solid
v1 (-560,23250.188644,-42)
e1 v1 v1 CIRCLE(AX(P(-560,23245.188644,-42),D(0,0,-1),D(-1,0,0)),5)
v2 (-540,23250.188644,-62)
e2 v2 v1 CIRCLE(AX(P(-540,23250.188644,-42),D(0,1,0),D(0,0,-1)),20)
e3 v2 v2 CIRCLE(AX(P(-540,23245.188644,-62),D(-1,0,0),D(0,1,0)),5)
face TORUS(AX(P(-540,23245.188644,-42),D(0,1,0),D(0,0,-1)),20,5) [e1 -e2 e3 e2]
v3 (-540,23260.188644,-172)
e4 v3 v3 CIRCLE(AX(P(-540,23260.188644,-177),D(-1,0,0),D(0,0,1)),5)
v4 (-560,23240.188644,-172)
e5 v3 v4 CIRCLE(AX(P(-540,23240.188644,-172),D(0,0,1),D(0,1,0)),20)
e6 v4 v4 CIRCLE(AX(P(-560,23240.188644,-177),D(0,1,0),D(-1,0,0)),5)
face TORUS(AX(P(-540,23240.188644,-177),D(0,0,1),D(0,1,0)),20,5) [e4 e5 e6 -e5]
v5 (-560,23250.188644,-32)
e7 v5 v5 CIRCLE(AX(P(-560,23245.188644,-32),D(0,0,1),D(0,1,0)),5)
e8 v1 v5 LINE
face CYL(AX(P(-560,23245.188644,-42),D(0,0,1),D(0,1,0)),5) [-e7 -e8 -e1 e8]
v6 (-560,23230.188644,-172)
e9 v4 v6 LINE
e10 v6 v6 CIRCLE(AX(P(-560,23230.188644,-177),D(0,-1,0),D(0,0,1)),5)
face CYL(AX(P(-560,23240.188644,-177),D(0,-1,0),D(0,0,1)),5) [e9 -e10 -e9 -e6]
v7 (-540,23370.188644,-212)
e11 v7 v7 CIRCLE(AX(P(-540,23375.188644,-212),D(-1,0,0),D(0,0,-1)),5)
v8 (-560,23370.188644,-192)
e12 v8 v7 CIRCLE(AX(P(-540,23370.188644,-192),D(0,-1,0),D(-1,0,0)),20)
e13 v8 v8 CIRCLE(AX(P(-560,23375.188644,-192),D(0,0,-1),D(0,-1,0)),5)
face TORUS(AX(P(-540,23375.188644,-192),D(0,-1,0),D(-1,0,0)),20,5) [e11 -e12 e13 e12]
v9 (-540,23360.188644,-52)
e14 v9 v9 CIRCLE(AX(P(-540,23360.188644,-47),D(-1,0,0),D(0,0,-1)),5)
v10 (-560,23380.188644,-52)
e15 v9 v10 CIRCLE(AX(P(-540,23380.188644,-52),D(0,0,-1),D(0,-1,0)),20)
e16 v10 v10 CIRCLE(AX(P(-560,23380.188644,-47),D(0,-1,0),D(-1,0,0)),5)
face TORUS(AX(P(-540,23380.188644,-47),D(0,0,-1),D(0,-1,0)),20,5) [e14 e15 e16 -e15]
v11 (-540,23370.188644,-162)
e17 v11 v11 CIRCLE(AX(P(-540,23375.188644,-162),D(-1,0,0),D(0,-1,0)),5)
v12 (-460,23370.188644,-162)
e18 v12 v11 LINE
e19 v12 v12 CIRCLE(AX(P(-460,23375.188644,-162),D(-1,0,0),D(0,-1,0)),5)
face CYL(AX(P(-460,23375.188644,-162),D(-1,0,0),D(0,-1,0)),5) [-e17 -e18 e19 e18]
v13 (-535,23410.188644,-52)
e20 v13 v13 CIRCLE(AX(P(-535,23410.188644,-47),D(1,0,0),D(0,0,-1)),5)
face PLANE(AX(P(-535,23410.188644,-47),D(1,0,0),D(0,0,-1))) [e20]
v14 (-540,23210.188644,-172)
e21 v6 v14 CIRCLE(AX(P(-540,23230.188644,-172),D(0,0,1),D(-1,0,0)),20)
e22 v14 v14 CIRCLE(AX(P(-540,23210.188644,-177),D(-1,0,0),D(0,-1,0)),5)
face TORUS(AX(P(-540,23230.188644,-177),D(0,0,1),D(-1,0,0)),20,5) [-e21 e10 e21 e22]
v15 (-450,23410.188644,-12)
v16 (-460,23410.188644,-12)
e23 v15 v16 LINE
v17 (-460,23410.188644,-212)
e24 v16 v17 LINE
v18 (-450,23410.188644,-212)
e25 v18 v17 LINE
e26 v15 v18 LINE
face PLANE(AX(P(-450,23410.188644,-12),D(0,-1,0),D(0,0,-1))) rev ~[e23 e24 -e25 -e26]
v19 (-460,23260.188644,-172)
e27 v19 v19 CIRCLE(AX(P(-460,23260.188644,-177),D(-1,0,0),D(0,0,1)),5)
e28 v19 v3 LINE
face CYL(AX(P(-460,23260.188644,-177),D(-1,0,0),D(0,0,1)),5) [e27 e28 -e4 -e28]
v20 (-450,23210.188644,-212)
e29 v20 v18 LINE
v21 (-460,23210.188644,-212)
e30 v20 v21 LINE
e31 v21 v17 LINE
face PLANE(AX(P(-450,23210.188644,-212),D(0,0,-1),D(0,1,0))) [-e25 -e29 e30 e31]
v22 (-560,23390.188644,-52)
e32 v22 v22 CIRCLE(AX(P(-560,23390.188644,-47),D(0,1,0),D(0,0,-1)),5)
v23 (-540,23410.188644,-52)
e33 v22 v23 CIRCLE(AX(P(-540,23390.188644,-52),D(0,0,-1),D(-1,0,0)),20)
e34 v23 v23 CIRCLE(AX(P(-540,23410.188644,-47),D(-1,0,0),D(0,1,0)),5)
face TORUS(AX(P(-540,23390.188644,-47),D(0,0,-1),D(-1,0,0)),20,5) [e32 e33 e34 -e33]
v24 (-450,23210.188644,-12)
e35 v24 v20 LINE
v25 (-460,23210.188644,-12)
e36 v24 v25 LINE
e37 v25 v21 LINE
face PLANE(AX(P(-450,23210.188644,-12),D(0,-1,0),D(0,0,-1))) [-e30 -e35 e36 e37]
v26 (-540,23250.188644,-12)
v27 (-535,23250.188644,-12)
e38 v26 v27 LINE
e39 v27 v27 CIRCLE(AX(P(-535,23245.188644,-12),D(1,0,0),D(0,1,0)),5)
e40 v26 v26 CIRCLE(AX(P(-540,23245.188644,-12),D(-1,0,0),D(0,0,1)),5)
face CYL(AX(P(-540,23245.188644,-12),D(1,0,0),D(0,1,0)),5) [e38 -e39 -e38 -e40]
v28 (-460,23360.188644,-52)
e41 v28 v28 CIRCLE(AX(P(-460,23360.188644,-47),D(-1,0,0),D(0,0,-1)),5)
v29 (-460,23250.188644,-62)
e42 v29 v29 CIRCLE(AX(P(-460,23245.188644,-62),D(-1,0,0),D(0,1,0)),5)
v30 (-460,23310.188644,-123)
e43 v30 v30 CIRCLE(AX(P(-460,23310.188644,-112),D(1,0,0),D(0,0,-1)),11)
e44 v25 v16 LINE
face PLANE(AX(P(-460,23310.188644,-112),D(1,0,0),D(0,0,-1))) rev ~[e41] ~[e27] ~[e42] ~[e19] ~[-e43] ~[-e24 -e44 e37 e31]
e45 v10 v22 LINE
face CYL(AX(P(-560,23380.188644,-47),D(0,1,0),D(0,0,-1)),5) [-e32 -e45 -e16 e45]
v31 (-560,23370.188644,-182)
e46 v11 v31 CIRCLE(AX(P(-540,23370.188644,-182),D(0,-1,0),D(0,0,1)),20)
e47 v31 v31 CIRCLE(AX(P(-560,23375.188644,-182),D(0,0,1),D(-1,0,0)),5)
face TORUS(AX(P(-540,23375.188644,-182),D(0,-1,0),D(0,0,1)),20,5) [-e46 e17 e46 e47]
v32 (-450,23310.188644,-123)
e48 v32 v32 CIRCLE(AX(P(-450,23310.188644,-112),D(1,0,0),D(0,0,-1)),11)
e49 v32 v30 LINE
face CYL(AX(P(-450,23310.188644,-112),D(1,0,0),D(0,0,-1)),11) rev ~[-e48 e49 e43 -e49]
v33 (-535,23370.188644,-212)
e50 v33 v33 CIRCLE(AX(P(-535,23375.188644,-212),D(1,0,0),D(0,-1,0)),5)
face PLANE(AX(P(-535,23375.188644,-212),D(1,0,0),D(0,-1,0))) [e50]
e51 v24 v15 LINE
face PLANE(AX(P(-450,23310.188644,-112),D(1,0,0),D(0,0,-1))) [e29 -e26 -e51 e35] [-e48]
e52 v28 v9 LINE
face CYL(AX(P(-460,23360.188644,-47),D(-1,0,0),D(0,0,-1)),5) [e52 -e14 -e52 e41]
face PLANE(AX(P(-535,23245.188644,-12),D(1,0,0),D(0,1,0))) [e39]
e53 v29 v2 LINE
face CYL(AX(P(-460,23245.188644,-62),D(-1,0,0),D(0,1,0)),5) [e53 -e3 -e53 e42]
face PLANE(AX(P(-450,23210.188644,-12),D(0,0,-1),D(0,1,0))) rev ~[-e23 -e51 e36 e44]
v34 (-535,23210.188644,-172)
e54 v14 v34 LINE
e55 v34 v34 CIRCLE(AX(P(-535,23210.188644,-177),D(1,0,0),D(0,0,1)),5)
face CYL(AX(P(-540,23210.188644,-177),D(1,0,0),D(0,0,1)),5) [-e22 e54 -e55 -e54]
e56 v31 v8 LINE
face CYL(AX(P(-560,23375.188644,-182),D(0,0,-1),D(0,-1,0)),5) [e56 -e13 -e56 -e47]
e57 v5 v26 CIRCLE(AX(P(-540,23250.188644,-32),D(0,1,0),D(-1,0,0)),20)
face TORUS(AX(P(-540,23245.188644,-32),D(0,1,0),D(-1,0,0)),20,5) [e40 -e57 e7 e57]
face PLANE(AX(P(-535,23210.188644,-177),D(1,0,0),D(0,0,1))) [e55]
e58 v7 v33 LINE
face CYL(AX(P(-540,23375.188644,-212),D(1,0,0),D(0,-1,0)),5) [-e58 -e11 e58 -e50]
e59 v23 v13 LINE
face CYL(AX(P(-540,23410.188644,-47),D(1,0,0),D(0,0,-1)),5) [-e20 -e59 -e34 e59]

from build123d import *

# Parameters (mm, degrees)
SKETCH1_W           = 200
SKETCH1_H           = 200
SKETCH1_R           = 11
BOSS_EXTRUDE1_DEPTH = 10
SKETCH3_R           = 5
CIRPATTERN1_COUNT   = 4


with BuildPart() as part:
    # Sketch1 → Boss-Extrude1 (new body)
    with BuildSketch(Plane(origin=(-450, 0, 0), x_dir=(0, 0, -1), z_dir=(1, 0, 0))):
        with Locations((112, 23310.188643653)):
            Rectangle(SKETCH1_W, SKETCH1_H)
        with Locations((112, 23310.188643653)):
            Circle(SKETCH1_R, mode=Mode.SUBTRACT)
    extrude(amount=-BOSS_EXTRUDE1_DEPTH)

    # Sweep1: sweep along a curve in space
    with BuildLine() as sweep1_path:
        Line((-460, 23260.188643653, -177), (-540, 23260.188643653, -177))
        ThreePointArc((-540, 23260.188643653, -177), (-554.142135624, 23254.330779277, -177), (-560, 23240.188643653, -177))
        Line((-560, 23240.188643653, -177), (-560, 23230.188643653, -177))
        ThreePointArc((-560, 23230.188643653, -177), (-554.142135624, 23216.046508029, -177), (-540, 23210.188643653, -177))
        Line((-540, 23210.188643653, -177), (-535, 23210.188643653, -177))
    # Sketch3 → Sweep1 (sweep)
    with BuildSketch(Plane.ZY.offset(460)):
        with Locations((-177, 23260.188643653)):
            Circle(SKETCH3_R)
    sweep1 = sweep(path=sweep1_path.line)

    # CirPattern1: Sweep1 ×4 about axis
    cirpattern1_axis = Axis((0, 23310.188643653, -112), (1, 0, 0))
    for i in range(1, CIRPATTERN1_COUNT):
        add(sweep1.rotate(cirpattern1_axis, i * 360 / CIRPATTERN1_COUNT))


solid = part.part
